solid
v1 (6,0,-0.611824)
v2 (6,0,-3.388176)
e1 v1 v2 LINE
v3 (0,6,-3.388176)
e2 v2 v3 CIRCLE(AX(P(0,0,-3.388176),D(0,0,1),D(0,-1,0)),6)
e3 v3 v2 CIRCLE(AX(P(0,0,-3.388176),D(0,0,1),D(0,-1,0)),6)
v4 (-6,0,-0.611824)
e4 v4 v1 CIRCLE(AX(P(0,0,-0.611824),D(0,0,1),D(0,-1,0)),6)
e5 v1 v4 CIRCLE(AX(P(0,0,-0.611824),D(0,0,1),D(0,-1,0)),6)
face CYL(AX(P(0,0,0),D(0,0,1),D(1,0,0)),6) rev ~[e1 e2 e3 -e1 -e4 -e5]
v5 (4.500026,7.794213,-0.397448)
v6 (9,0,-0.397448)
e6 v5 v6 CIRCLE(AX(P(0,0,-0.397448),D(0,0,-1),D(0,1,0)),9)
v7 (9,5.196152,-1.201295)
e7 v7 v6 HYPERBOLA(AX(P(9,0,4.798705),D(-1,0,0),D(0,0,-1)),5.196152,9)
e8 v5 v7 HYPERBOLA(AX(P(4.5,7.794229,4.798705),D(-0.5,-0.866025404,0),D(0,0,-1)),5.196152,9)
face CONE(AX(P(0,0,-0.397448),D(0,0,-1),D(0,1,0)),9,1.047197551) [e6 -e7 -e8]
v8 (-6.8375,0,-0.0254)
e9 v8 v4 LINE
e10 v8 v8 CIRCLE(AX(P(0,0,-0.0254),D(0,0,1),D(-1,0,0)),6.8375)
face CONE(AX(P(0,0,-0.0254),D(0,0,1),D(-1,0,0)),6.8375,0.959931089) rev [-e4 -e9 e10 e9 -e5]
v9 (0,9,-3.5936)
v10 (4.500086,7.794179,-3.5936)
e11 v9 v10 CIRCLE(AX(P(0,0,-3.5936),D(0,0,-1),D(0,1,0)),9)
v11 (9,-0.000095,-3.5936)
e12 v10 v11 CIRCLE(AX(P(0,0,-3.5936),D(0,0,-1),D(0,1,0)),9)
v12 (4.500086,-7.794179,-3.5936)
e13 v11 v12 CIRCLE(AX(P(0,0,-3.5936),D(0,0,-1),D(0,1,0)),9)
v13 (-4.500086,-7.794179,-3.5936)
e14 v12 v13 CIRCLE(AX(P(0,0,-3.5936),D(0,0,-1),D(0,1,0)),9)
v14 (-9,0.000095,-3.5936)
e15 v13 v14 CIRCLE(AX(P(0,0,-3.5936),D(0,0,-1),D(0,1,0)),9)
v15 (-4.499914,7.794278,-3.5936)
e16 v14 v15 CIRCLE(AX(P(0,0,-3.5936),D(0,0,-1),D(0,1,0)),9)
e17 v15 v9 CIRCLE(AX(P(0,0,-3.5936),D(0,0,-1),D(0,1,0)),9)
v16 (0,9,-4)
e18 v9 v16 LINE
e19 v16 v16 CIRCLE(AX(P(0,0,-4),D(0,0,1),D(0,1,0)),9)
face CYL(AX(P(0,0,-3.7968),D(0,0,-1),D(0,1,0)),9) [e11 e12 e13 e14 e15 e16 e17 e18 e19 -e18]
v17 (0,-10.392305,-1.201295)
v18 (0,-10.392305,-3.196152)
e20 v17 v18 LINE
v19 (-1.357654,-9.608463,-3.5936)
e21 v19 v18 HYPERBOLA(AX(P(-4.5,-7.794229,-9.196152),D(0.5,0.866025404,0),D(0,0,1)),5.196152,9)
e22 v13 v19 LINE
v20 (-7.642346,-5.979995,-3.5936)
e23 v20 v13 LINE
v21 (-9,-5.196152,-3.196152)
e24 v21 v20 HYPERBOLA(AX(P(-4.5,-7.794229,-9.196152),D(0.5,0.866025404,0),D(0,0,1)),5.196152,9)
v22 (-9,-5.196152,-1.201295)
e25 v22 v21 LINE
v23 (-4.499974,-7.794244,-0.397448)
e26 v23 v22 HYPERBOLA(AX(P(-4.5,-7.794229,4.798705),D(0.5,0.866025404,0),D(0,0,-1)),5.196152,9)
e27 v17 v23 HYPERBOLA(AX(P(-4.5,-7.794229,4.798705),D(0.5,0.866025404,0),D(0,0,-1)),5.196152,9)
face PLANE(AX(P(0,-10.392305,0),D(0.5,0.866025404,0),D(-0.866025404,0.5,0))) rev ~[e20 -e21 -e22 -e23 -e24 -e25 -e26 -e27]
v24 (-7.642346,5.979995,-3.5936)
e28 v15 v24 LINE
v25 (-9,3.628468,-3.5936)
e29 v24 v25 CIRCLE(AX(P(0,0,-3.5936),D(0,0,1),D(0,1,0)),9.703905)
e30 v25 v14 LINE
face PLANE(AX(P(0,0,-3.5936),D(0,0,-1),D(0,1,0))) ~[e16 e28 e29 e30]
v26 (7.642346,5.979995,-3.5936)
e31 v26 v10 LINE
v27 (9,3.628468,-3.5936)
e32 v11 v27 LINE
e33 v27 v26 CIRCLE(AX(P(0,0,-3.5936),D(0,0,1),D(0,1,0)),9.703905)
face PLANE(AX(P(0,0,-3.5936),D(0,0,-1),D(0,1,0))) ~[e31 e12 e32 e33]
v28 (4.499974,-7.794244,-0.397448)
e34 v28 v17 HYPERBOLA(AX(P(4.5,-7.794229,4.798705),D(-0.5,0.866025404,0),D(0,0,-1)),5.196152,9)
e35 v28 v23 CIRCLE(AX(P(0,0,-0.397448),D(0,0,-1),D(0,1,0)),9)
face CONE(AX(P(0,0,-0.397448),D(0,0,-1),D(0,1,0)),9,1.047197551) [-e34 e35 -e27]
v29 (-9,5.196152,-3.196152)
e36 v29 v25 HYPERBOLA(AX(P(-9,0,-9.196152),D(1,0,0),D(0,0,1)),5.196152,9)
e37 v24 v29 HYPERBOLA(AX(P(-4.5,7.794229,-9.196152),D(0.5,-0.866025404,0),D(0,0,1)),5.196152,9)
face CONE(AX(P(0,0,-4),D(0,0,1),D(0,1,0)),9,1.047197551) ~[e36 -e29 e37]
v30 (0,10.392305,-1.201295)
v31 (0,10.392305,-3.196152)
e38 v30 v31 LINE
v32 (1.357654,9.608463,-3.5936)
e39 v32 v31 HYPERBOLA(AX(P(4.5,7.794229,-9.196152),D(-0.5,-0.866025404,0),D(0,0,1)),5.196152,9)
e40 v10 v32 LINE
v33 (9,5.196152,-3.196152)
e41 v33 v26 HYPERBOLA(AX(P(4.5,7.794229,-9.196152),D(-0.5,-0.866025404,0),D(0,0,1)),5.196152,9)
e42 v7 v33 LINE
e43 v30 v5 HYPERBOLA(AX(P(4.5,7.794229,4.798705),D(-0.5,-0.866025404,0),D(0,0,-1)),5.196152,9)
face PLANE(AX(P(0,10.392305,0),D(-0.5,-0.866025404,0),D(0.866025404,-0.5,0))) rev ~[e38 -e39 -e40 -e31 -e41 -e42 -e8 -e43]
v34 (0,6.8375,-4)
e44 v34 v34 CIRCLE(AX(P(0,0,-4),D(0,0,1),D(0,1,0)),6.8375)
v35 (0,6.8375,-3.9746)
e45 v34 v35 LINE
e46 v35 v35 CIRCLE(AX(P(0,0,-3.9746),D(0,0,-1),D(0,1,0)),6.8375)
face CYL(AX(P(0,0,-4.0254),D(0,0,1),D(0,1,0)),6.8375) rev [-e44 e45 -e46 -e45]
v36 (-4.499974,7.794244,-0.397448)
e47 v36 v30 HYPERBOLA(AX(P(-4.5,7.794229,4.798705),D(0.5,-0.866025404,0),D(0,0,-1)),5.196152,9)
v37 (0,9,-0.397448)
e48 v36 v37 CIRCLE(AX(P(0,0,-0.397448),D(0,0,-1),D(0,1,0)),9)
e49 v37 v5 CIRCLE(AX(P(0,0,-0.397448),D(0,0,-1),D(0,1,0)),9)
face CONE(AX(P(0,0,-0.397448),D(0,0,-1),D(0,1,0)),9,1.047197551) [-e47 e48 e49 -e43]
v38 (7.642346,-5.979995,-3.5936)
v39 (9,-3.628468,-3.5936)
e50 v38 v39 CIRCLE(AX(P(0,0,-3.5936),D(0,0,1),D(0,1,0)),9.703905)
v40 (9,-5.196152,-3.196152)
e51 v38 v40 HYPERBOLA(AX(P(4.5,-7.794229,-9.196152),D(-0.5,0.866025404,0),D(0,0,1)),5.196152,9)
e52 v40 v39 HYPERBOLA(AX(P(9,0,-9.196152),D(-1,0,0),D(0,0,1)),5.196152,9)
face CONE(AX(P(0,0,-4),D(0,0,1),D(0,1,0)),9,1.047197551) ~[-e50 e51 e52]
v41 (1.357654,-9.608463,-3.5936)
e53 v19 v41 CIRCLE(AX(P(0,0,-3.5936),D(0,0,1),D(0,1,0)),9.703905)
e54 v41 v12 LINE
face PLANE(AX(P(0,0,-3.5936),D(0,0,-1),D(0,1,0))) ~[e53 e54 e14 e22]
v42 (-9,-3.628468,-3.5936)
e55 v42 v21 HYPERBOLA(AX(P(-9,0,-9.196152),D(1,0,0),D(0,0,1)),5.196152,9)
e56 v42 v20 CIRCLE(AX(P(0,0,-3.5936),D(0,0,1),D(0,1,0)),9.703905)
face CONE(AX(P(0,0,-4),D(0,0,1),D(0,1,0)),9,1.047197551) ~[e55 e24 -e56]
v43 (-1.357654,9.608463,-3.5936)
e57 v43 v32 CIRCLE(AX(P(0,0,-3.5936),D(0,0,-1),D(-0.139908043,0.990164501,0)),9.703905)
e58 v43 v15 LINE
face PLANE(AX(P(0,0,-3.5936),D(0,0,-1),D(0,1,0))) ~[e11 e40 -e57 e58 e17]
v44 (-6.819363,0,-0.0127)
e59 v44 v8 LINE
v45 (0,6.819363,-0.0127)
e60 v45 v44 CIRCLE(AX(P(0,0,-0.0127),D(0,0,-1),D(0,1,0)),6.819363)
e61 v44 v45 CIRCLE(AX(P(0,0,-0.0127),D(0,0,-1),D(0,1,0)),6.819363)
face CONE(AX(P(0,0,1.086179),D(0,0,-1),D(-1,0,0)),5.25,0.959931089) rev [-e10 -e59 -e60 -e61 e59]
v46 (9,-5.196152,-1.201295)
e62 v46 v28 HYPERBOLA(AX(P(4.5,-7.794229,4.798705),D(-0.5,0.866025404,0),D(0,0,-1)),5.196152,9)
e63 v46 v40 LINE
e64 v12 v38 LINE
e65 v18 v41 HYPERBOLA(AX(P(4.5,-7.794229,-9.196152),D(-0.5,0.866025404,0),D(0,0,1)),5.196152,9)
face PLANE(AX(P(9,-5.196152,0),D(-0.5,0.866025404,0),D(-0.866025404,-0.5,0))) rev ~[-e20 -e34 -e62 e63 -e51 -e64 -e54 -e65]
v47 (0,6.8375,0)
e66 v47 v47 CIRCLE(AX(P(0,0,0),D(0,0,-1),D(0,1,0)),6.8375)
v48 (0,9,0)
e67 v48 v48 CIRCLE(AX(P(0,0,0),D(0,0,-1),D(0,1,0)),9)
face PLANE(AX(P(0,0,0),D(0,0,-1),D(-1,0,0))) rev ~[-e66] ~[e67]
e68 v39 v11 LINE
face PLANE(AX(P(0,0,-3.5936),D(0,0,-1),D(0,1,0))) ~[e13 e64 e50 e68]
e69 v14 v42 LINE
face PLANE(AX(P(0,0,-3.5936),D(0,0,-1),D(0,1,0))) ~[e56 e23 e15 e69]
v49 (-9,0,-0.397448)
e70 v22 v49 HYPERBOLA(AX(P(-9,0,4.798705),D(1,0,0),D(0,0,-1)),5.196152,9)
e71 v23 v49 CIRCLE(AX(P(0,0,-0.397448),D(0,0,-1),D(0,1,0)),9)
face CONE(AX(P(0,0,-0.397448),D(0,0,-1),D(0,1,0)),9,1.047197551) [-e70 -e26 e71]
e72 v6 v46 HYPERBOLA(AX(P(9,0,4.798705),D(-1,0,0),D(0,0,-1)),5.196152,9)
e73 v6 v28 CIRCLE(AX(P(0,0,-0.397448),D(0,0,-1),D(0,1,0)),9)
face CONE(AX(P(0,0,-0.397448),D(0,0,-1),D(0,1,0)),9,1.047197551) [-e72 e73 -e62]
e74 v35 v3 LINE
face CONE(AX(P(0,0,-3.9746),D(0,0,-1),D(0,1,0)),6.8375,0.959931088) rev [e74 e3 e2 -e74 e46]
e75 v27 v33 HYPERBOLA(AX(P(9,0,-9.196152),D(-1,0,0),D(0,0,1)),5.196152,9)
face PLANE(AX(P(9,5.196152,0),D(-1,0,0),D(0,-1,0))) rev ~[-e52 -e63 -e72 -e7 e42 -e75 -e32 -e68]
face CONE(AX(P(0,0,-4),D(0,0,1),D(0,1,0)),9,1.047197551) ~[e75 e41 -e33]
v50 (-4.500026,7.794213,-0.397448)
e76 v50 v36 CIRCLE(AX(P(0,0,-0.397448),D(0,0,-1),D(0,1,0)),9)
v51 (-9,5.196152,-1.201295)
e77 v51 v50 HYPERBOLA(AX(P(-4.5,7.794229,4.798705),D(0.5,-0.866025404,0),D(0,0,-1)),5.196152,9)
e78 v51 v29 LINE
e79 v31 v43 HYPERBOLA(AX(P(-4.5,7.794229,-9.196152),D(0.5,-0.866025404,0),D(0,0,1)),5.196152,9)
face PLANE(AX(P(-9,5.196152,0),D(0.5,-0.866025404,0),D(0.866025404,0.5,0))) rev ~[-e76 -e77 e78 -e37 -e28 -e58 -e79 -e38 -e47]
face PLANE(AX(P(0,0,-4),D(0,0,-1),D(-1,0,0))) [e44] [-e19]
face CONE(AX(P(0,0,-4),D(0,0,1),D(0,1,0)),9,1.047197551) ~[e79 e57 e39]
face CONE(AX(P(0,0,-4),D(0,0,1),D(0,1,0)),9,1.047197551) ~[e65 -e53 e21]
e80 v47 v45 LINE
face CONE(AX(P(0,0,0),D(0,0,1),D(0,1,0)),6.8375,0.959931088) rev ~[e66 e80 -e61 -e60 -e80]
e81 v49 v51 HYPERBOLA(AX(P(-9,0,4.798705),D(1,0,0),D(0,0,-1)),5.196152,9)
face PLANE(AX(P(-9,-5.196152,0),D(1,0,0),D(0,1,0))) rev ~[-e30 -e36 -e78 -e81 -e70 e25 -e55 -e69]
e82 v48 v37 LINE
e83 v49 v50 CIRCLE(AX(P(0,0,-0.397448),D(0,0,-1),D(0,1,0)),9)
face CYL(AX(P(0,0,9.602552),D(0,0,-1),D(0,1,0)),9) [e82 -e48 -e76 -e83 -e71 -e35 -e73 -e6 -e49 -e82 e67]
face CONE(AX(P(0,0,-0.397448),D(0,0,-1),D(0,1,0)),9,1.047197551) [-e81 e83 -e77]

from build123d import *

# Parameters (mm, degrees)
BASENUTSKE_R       = 5.25
BASENUT_DEPTH      = 4
SKETCH4_W          = 0.4064
SKETCH4_H          = 11.392304845
SKETCH6_R          = 6
CUT_EXTRUDE1_DEPTH = 10


with BuildPart() as part:
    # BaseNutSke → BaseNut (new body)
    with BuildSketch(Plane.XY):
        Polygon((9, 5.196152423), (9, -5.196152423), (0, -10.392304845), (-9, -5.196152423), (-9, 5.196152423), (0, 10.392304845), align=None)
        Circle(BASENUTSKE_R, mode=Mode.SUBTRACT)
    extrude(amount=-BASENUT_DEPTH)

    # Sketch4 → Bearing-Face (revolve, cut)
    with BuildSketch(Plane(origin=(0, 0, 0), x_dir=(0, 0, -1), z_dir=(1, 0, 0))):
        with Locations((3.7968, 14.696152423)):
            Rectangle(SKETCH4_W, SKETCH4_H)
        Polygon((0, 9), (-10, 9), (-10, 20.392304845), (0.803847577, 20.392304845), (0.803847577, 10.392304845), align=None)
    revolve(axis=Axis((0, 0, 0), (0, 0, -1)), mode=Mode.SUBTRACT)

    # Sketch3 → Double-Chamfer (revolve, cut)
    with BuildSketch(Plane(origin=(0, 0, 0), x_dir=(0, 0, -1), z_dir=(1, 0, 0))):
        Polygon((4, 9), (3.196152423, 10.392304845), (3.196152423, 20.392304845), (14, 20.392304845), (14, 9), align=None)
        Polygon((1.201295155, 20.392304845), (-9.602552423, 20.392304845), (-9.602552423, 9), (0.397447577, 9), (1.201295155, 10.392304845), align=None)
    revolve(axis=Axis((0, 0, 0), (0, 0, -1)), mode=Mode.SUBTRACT)

    # Sketch5 → EndChamfer (revolve, cut)
    with BuildSketch(Plane(origin=(0, 0, 0), x_dir=(0, 0, -1), z_dir=(1, 0, 0))):
        Polygon((3.9746, 6.8375), (2.751862586, 5.09125), (4.0254, 5.09125), (4.0254, 6.8375), align=None)
        Polygon((-0.0508, 6.8375), (0, 6.8375), (1.222737414, 5.09125), (-0.0508, 5.09125), align=None)
    revolve(axis=Axis((0, 0, -25.037505729), (0, 0, -1)), mode=Mode.SUBTRACT)

    # ThdSchSke → ThreadSchematic (revolve, cut)
    with BuildSketch(Plane(origin=(0, 0, 0), x_dir=(1, 0, 0), z_dir=(0, 1, 0))):
        Polygon((-6.8375, 0.0254), (-5.25, 1.136979467), (-2.625, 1.136979467), (-2.625, -1.086179467), (-5.25, -1.086179467), align=None)
    revolve(axis=Axis((0, 0, -3.175), (0, 0, 1)), mode=Mode.SUBTRACT)

    # Sketch6 → Cut-Extrude1 (cut)
    with BuildSketch(Plane.XY):
        Circle(SKETCH6_R)
    extrude(amount=-CUT_EXTRUDE1_DEPTH, mode=Mode.SUBTRACT)


solid = part.part
